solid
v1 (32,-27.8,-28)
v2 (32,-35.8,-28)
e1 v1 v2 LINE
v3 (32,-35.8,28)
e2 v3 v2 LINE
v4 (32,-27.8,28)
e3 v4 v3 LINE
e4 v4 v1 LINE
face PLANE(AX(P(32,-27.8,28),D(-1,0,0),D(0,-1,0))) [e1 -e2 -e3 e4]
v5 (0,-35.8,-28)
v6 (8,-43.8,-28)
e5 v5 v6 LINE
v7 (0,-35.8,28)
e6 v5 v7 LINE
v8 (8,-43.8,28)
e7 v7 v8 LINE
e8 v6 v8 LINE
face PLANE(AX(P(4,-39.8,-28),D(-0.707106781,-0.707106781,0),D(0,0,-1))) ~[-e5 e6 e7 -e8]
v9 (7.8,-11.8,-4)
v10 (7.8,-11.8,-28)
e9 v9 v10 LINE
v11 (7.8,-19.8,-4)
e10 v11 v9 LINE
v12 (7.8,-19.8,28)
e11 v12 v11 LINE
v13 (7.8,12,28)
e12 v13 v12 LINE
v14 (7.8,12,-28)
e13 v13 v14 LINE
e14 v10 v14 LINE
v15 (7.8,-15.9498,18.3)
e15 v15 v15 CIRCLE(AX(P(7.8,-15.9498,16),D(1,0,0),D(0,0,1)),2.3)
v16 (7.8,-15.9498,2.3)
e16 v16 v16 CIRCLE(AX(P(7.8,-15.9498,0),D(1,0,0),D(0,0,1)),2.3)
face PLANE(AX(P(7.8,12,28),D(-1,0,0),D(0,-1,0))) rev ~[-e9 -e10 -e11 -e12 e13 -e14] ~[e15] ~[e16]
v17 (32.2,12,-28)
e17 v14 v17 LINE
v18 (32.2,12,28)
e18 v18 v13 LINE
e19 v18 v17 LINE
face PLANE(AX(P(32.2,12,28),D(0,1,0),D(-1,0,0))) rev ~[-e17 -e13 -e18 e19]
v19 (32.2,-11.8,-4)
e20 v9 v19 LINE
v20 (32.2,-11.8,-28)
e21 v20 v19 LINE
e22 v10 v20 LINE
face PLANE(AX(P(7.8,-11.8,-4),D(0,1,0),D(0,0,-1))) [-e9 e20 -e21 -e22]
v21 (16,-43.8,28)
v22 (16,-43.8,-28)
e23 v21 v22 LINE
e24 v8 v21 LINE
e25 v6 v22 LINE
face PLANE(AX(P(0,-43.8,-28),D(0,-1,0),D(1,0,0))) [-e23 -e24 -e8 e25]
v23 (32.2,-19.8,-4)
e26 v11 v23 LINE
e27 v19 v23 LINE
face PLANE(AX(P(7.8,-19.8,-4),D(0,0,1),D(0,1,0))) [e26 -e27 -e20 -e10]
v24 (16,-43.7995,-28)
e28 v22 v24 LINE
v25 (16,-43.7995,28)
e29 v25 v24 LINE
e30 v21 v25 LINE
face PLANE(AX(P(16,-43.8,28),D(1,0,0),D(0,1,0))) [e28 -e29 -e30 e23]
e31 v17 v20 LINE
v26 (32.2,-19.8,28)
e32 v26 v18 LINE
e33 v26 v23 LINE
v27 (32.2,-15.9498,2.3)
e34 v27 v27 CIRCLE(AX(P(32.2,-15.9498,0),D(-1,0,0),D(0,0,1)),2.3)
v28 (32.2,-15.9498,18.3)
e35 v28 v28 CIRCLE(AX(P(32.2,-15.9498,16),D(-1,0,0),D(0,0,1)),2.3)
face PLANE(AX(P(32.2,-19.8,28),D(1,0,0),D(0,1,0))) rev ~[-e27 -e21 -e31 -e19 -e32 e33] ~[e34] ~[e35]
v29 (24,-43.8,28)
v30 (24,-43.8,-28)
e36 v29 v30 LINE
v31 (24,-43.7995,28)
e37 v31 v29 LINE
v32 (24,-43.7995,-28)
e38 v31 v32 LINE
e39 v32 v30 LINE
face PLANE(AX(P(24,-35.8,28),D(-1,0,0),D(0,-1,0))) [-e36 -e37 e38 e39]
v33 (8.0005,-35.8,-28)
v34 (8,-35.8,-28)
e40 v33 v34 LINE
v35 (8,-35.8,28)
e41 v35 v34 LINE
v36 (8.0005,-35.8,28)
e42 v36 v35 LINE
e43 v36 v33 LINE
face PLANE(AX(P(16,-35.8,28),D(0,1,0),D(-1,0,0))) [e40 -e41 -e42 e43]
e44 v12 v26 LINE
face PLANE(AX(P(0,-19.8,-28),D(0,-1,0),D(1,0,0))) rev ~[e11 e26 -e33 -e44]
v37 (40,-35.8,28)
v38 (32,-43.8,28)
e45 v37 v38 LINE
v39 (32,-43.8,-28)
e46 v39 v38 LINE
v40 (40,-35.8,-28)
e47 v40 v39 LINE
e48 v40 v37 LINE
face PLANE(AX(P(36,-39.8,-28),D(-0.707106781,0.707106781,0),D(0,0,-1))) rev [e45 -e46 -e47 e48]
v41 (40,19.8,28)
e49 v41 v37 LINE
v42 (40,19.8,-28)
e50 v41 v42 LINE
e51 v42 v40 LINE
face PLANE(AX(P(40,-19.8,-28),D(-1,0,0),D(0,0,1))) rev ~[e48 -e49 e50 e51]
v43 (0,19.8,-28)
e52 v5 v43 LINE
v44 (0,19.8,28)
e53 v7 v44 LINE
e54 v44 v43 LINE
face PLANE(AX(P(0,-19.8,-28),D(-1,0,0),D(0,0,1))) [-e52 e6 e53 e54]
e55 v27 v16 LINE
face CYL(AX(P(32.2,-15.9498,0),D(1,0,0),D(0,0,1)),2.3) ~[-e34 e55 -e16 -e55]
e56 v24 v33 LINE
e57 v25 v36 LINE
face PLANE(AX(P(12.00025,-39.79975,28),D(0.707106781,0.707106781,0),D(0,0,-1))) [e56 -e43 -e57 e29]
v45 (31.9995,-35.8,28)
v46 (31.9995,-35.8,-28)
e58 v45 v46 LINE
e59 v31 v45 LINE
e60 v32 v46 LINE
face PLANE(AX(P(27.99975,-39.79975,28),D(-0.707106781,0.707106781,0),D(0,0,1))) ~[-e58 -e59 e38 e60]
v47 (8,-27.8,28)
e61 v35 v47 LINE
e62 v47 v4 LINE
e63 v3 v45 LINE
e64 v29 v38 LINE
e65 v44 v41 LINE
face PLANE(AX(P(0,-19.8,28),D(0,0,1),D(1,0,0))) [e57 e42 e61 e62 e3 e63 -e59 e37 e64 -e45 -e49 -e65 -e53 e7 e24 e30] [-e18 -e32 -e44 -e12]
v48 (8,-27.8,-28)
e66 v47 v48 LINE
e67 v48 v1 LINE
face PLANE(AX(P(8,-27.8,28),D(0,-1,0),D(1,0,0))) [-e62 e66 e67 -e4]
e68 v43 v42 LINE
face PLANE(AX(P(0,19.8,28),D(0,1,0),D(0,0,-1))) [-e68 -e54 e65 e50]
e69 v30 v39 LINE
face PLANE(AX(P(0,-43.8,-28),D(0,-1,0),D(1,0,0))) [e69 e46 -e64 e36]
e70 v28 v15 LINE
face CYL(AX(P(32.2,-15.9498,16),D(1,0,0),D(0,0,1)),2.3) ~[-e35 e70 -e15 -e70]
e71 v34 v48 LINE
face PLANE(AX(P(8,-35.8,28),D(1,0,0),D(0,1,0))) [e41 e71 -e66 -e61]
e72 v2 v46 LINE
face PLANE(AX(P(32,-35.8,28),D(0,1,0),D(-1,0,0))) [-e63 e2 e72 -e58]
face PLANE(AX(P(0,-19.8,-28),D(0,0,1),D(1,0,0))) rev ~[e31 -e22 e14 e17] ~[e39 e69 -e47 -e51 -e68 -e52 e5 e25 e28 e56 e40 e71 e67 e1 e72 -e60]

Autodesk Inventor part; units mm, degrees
ref_plane "YZ Plane" through (0, 0, 0) normal (1, 0, 0) x (0, 1, 0)
ref_plane "XZ Plane" through (0, 0, 0) normal (0, 1, 0) x (-1, 0, 0)
ref_plane "XY Plane" through (0, 0, 0) normal (0, 0, 1) x (1, 0, 0)
sketch "Sketch1" plane through (0, 0, 0) normal (1, 0, 0) x (0, 1, 0)
  line L0 (-19.8, 28) -> (19.8, 28)
  line L1 (19.8, 28) -> (19.8, -28)
  line L2 (19.8, -28) -> (-19.8, -28)
  line L3 (-19.8, -28) -> (-19.8, 28)
  line L4 (-19.8, 28) -> (19.8, -28) construction
  line L5 (19.8, 28) -> (-19.8, -28) construction
  point P0 (0, 0)
  dimension "d0" = 39.6
  dimension "d1" = 56
extrude "Extrusion1" add sketch "Sketch1" along normal blind 40
sketch "Sketch2" plane through (0, -19.8, 28) normal (0, 0, 1) x (1, 0, 0)
  line L0 (7.8, 0) -> (32.2, 0)
  line L1 (32.2, 0) -> (32.2, 31.8)
  line L2 (32.2, 31.8) -> (7.8, 31.8)
  line L3 (7.8, 31.8) -> (7.8, 0)
  line L4 (0, 0) -> (40, 0) projected
  line L5 (40, 39.6) -> (40, 0) projected
  dimension "d4" = 24.4
  dimension "d5" = 31.8
  dimension "d6" = 7.8
extrude "Extrusion2" cut sketch "Sketch2" against normal blind 64
sketch "Sketch3" plane through (32.2, -19.8, 28) normal (-1, 0, 0) x (0, 0, 1)
  circle A0 centre (-12, 3.8502) radius 2.3
  circle A1 centre (-28, 3.8502) radius 2.3
  line L0 (0, 31.8) -> (0, 0) projected
  point P0 (-28, 19.8)
  dimension "d9" = 4.6
  dimension "d10" = 4.6
  dimension "d11" = 16
  dimension "d12" = 12
extrude "Extrusion3" add sketch "Sketch3" along normal blind 26
sketch "Sketch4" plane through (7.8, -19.8, 28) normal (1, 0, 0) x (0, 0, -1)
  line L0 (56, 0) -> (0, 0) projected
  line L1 (56, 0) -> (32, 0)
  line L2 (32, 0) -> (32, 8)
  line L3 (32, 8) -> (56, 8)
  line L4 (56, 8) -> (56, 0)
  point P0 (28, 19.8)
  point P1 (32, 0)
  dimension "d15" = 24
  dimension "d16" = 8
extrude "Extrusion4" add sketch "Sketch4" along normal blind 26
sketch "Sketch14" plane through (0, 19.8, 28) normal (0, 1, 0) x (1, 0, 0)
  line L0 (20, 0) -> (20, 56) projected
  point P0 (0, 28)
sketch "Sketch15" plane through (0, -19.8, -28) normal (0, -1, 0) x (1, 0, 0)
  line L0 (40, 0) -> (40, 56) projected
  line L1 (0, 0) -> (40, 0) projected
  line L2 (0, 56) -> (40, 56) projected
  line L3 (0, 0) -> (0, 56) projected
  point P0 (0, 28)
extrude "Extrusion7" add sketch "Sketch15" along normal blind 24
sketch "Sketch16" plane through (0, 19.8, 28) normal (0, 0, 1) x (1, 0, 0)
  line L0 (8, -47.6) -> (32, -47.6)
  line L1 (32, -47.6) -> (32, -55.6)
  line L2 (32, -55.6) -> (8, -55.6)
  line L3 (8, -55.6) -> (8, -47.6)
  line L4 (40, -63.6) -> (0, -63.6) projected
  line L5 (0, 0) -> (0, -63.6) projected
  line L6 (16, -55.6) -> (24, -55.6)
  line L7 (24, -55.6) -> (24, -63.6)
  line L8 (24, -63.6) -> (16, -63.6)
  line L9 (16, -63.6) -> (16, -55.6)
  point P0 (0, -19.8)
  dimension "d37" = 24
  dimension "d38" = 8
  dimension "d39" = 8
  dimension "d40" = 8
  dimension "d41" = 8
  dimension "d42" = 8
  dimension "d43" = 16
extrude "Extrusion8" cut sketch "Sketch16" against normal through all
chamfer "Chamfer1" distance 8 angle 45 2 edges at (40, -43.8, 0) (0, -43.8, 0)
chamfer "Chamfer2" distance 8 angle 45 2 edges at (16, -35.8, 0) (24, -35.8, 0)
properties part number "MotorHolder_X"
